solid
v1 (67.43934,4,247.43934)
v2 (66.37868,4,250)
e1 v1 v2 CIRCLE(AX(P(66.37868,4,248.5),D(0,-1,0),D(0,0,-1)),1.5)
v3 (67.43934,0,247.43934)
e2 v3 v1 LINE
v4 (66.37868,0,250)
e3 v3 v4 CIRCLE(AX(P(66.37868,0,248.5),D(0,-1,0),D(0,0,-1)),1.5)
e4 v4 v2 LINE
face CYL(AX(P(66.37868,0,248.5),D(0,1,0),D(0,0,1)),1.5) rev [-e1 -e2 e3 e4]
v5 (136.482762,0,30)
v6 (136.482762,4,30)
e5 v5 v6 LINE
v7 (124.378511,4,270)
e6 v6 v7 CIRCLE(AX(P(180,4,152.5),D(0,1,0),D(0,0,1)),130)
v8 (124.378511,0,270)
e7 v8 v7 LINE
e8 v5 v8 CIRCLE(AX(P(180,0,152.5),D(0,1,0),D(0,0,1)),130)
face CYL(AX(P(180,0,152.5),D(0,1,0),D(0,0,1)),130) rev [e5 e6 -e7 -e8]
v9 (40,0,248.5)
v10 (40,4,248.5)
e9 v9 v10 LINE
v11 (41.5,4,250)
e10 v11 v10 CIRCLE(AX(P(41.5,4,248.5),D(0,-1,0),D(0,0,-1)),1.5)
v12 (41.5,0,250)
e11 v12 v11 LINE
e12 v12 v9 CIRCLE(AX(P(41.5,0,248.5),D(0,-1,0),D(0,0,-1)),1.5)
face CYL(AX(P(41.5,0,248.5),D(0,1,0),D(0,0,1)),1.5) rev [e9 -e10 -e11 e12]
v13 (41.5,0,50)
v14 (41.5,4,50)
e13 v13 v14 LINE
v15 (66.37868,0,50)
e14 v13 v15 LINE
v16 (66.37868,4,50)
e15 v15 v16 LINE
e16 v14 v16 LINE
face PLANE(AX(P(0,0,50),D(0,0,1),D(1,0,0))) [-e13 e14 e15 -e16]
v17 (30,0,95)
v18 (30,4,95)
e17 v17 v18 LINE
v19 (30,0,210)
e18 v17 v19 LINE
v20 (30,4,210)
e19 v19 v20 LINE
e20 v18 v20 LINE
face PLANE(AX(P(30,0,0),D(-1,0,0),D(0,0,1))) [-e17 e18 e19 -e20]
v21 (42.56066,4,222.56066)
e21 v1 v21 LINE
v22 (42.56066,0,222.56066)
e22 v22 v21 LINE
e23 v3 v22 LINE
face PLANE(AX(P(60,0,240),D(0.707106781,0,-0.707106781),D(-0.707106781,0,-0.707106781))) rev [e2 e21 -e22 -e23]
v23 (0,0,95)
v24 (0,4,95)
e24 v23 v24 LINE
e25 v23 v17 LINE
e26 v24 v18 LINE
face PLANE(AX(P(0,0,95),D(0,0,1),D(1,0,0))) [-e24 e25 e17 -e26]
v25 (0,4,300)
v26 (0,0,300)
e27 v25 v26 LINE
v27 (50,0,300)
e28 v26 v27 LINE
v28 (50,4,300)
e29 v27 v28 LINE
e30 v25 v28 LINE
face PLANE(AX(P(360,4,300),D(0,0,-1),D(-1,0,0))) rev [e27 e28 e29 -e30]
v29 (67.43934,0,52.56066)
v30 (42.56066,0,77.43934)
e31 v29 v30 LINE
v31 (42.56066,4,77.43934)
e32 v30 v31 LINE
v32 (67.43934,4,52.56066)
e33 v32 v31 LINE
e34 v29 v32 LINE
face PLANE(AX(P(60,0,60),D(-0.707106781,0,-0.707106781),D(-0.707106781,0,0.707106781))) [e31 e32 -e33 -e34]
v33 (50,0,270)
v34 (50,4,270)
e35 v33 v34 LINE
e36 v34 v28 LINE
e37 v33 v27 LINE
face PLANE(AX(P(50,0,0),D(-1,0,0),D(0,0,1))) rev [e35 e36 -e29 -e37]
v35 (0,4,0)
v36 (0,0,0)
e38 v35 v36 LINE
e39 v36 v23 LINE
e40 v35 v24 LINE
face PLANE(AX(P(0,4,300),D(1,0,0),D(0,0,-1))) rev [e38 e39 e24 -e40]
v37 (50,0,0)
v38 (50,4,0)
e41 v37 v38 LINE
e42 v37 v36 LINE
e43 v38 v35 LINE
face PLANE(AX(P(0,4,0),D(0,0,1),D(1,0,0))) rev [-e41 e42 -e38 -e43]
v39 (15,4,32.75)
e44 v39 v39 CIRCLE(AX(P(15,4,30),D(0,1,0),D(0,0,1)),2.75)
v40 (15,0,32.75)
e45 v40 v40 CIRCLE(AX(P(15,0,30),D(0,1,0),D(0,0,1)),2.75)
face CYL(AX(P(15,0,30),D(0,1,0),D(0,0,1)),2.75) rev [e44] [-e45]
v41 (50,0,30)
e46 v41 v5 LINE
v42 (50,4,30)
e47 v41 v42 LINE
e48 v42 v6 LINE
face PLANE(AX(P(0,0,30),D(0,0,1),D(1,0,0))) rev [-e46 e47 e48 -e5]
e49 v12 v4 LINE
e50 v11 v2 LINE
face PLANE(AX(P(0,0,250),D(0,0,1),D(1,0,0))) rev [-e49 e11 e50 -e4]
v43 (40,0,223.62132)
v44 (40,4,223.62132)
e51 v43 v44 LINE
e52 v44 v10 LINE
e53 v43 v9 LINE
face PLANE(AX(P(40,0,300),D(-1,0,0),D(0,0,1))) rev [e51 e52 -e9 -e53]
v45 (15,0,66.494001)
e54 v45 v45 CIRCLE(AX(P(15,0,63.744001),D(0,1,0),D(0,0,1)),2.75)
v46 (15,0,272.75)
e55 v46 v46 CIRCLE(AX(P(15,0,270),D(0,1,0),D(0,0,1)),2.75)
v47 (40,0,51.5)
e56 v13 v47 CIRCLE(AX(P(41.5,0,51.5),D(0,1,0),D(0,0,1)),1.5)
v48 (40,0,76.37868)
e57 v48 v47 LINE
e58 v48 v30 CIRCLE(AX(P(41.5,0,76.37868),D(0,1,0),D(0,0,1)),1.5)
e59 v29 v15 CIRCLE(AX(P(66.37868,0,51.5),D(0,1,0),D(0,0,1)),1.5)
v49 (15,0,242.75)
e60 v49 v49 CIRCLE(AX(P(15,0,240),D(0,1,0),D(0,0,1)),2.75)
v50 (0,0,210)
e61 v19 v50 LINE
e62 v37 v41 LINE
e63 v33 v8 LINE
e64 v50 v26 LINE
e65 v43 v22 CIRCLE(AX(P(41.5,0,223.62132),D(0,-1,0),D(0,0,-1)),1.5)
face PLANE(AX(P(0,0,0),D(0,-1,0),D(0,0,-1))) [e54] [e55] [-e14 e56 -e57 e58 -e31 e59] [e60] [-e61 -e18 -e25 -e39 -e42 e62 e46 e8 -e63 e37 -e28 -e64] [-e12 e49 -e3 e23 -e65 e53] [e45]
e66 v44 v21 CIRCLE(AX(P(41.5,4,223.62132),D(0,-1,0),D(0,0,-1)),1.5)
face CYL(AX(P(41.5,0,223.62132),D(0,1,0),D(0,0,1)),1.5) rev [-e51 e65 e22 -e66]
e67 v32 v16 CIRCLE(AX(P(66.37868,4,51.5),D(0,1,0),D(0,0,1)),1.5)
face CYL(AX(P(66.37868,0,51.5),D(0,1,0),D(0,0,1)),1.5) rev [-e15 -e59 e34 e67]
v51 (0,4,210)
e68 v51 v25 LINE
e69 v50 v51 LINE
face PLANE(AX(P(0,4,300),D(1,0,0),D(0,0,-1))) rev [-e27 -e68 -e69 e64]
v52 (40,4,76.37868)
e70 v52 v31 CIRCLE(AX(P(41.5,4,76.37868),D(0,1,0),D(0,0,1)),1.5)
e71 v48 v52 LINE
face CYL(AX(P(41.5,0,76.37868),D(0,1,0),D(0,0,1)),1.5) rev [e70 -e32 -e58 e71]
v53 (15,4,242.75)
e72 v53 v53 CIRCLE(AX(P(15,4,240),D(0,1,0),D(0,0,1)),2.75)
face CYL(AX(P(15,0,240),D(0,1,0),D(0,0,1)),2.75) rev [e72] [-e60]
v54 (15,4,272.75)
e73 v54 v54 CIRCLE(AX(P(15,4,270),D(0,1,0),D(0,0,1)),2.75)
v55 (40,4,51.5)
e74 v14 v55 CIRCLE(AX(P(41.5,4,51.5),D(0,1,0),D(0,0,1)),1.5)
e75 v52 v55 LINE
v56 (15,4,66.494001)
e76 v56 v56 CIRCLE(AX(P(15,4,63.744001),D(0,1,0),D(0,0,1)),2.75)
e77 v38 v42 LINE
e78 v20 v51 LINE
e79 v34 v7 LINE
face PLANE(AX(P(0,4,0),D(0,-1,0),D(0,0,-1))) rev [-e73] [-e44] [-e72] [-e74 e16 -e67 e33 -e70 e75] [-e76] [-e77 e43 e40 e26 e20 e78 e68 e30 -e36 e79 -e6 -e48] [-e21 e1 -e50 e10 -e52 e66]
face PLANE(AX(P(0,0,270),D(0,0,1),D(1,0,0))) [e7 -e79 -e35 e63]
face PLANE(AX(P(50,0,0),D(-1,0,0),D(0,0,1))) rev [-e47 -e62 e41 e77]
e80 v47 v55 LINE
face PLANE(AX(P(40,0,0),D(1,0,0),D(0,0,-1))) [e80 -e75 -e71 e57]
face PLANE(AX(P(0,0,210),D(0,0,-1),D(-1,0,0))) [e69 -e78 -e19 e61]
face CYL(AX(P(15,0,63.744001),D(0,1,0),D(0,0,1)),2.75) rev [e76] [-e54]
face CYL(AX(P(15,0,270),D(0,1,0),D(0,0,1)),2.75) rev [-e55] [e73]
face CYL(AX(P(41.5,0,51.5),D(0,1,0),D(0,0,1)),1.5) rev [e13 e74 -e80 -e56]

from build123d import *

# Parameters (mm, degrees)
SKETCH_1_W          = 360
SKETCH_1_H          = 300
EXTRUDE_1_DEPTH     = 4
SKETCH_2_W          = 260
SKETCH_2_H          = 30
CUT_EXTRUDE_1_DEPTH = 469.632051827
SKETCH_3_W          = 30
SKETCH_3_H          = 115
CUT_EXTRUDE_2_DEPTH = 469.632051827
CUT_EXTRUDE_3_DEPTH = 469.632051827
CUT_EXTRUDE_4_DEPTH = 330.611201771
CUT_EXTRUDE_5_DEPTH = 330.611201771


with BuildPart() as part:
    # 草图1 → 凸台-拉伸1 (new body)
    with BuildSketch(Plane(origin=(0, 0, 0), x_dir=(1, 0, 0), z_dir=(0, 1, 0))):
        with Locations((180, -150)):
            Rectangle(SKETCH_1_W, SKETCH_1_H)
    extrude(amount=EXTRUDE_1_DEPTH)

    # 草图2 → 切除-拉伸1 (cut, through all)
    with BuildSketch(Plane(origin=(0, 4, 0), x_dir=(1, 0, 0), z_dir=(0, 1, 0))):
        with Locations((180, -15)):
            Rectangle(SKETCH_2_W, SKETCH_2_H)
        Polygon((310, -270), (50, -270), (50, -300), (310, -300), (310, -297.414750004), align=None)
    extrude(amount=-CUT_EXTRUDE_1_DEPTH, mode=Mode.SUBTRACT)

    # 草图3 → 切除-拉伸2 (cut, through all)
    with BuildSketch(Plane(origin=(0, 4, 0), x_dir=(1, 0, 0), z_dir=(0, 1, 0))):
        with Locations((15, -152.5)):
            Rectangle(SKETCH_3_W, SKETCH_3_H)
        with Locations((345, -152.5)):
            Rectangle(SKETCH_3_W, SKETCH_3_H)
    extrude(amount=-CUT_EXTRUDE_2_DEPTH, mode=Mode.SUBTRACT)

    # 草图4 → 切除-拉伸3 (cut, through all)
    with BuildSketch(Plane(origin=(0, 4, 0), x_dir=(1, 0, 0), z_dir=(0, 1, 0))):
        with BuildLine():
            ThreePointArc((136.482762036, -30), (73.799150344, -77.524140336), (50, -152.5))
            Line((50, -152.5), (180, -152.5))
            Line((180, -152.5), (180, -30))
            Line((180, -30), (136.482762036, -30))
        make_face()
        with BuildLine():
            Line((180, -30), (180, -152.5))
            Line((180, -152.5), (310, -152.5))
            ThreePointArc((310, -152.5), (286.200849656, -77.524140336), (223.517237964, -30))
            Line((223.517237964, -30), (180, -30))
        make_face()
        with BuildLine():
            Line((180, -152.5), (50, -152.5))
            ThreePointArc((50, -152.5), (70.157400056, -222.031311203), (124.378511347, -270))
            Line((124.378511347, -270), (180, -270))
            Line((180, -270), (180, -152.5))
        make_face()
        with BuildLine():
            Line((310, -152.5), (180, -152.5))
            Line((180, -152.5), (180, -270))
            Line((180, -270), (235.621488653, -270))
            ThreePointArc((235.621488653, -270), (289.842599944, -222.031311203), (310, -152.5))
        make_face()
    extrude(amount=-CUT_EXTRUDE_3_DEPTH, mode=Mode.SUBTRACT)


with BuildPart() as cut_extrude_3_kept_piece:
    # of the separate pieces the step leaves, the one the design keeps (cut_extrude_3_pieces_kept)
    add(part.part.solids().sort_by_distance((0, 0, 0))[0])

    # 草图5 → 切除-拉伸4 (cut, through all)
    with BuildSketch(Plane(origin=(0, 4, 0), x_dir=(1, 0, 0), z_dir=(0, 1, 0))):
        with BuildLine():
            ThreePointArc((15, -27.25), (12.25, -30), (15, -32.75))
            Line((15, -32.75), (15, -30))
            Line((15, -30), (15, -27.25))
        make_face()
        with BuildLine():
            Line((15, -30), (15, -32.75))
            ThreePointArc((15, -32.75), (16.944543648, -31.944543648), (17.75, -30))
            ThreePointArc((17.75, -30), (16.944543648, -28.055456352), (15, -27.25))
            Line((15, -27.25), (15, -30))
        make_face()
        with BuildLine():
            ThreePointArc((15, -60.994001195), (12.25, -63.744001195), (15, -66.494001195))
            Line((15, -66.494001195), (15, -63.744001195))
            Line((15, -63.744001195), (15, -60.994001195))
        make_face()
        with BuildLine():
            Line((15, -63.744001195), (15, -66.494001195))
            ThreePointArc((15, -66.494001195), (16.944543648, -65.688544844), (17.75, -63.744001195))
            ThreePointArc((17.75, -63.744001195), (16.944543648, -61.799457547), (15, -60.994001195))
            Line((15, -60.994001195), (15, -63.744001195))
        make_face()
        with BuildLine():
            ThreePointArc((15, -237.25), (12.25, -240), (15, -242.75))
            Line((15, -242.75), (15, -240))
            Line((15, -240), (15, -237.25))
        make_face()
        with BuildLine():
            Line((15, -240), (15, -242.75))
            ThreePointArc((15, -242.75), (16.944543648, -241.944543648), (17.75, -240))
            ThreePointArc((17.75, -240), (16.944543648, -238.055456352), (15, -237.25))
            Line((15, -237.25), (15, -240))
        make_face()
        with BuildLine():
            ThreePointArc((15, -267.25), (12.25, -270), (15, -272.75))
            Line((15, -272.75), (15, -270))
            Line((15, -270), (15, -267.25))
        make_face()
        with BuildLine():
            Line((15, -270), (15, -272.75))
            ThreePointArc((15, -272.75), (16.944543648, -271.944543648), (17.75, -270))
            ThreePointArc((17.75, -270), (16.944543648, -268.055456352), (15, -267.25))
            Line((15, -267.25), (15, -270))
        make_face()
    extrude(amount=-CUT_EXTRUDE_4_DEPTH, mode=Mode.SUBTRACT)

    # 草图6 → 切除-拉伸5 (cut, through all)
    with BuildSketch(Plane(origin=(0, 4, 0), x_dir=(1, 0, 0), z_dir=(0, 1, 0))):
        with BuildLine():
            Line((50, -50), (66.378679656, -50))
            ThreePointArc((66.378679656, -50), (67.764498955, -50.925974851), (67.439339828, -52.560660172))
            Line((67.439339828, -52.560660172), (42.560660172, -77.439339828))
            ThreePointArc((42.560660172, -77.439339828), (40.925974851, -77.764498955), (40, -76.378679656))
            Line((40, -76.378679656), (40, -51.5))
            ThreePointArc((40, -51.5), (40.439339828, -50.439339828), (41.5, -50))
            Line((41.5, -50), (50, -50))
        make_face()
    cut_extrude_5 = extrude(amount=-CUT_EXTRUDE_5_DEPTH, mode=Mode.SUBTRACT)

    # 镜向1: 切除-拉伸5 across plane
    add(cut_extrude_5.mirror(Plane.XY.offset(150)), mode=Mode.SUBTRACT)


solid = cut_extrude_3_kept_piece.part
